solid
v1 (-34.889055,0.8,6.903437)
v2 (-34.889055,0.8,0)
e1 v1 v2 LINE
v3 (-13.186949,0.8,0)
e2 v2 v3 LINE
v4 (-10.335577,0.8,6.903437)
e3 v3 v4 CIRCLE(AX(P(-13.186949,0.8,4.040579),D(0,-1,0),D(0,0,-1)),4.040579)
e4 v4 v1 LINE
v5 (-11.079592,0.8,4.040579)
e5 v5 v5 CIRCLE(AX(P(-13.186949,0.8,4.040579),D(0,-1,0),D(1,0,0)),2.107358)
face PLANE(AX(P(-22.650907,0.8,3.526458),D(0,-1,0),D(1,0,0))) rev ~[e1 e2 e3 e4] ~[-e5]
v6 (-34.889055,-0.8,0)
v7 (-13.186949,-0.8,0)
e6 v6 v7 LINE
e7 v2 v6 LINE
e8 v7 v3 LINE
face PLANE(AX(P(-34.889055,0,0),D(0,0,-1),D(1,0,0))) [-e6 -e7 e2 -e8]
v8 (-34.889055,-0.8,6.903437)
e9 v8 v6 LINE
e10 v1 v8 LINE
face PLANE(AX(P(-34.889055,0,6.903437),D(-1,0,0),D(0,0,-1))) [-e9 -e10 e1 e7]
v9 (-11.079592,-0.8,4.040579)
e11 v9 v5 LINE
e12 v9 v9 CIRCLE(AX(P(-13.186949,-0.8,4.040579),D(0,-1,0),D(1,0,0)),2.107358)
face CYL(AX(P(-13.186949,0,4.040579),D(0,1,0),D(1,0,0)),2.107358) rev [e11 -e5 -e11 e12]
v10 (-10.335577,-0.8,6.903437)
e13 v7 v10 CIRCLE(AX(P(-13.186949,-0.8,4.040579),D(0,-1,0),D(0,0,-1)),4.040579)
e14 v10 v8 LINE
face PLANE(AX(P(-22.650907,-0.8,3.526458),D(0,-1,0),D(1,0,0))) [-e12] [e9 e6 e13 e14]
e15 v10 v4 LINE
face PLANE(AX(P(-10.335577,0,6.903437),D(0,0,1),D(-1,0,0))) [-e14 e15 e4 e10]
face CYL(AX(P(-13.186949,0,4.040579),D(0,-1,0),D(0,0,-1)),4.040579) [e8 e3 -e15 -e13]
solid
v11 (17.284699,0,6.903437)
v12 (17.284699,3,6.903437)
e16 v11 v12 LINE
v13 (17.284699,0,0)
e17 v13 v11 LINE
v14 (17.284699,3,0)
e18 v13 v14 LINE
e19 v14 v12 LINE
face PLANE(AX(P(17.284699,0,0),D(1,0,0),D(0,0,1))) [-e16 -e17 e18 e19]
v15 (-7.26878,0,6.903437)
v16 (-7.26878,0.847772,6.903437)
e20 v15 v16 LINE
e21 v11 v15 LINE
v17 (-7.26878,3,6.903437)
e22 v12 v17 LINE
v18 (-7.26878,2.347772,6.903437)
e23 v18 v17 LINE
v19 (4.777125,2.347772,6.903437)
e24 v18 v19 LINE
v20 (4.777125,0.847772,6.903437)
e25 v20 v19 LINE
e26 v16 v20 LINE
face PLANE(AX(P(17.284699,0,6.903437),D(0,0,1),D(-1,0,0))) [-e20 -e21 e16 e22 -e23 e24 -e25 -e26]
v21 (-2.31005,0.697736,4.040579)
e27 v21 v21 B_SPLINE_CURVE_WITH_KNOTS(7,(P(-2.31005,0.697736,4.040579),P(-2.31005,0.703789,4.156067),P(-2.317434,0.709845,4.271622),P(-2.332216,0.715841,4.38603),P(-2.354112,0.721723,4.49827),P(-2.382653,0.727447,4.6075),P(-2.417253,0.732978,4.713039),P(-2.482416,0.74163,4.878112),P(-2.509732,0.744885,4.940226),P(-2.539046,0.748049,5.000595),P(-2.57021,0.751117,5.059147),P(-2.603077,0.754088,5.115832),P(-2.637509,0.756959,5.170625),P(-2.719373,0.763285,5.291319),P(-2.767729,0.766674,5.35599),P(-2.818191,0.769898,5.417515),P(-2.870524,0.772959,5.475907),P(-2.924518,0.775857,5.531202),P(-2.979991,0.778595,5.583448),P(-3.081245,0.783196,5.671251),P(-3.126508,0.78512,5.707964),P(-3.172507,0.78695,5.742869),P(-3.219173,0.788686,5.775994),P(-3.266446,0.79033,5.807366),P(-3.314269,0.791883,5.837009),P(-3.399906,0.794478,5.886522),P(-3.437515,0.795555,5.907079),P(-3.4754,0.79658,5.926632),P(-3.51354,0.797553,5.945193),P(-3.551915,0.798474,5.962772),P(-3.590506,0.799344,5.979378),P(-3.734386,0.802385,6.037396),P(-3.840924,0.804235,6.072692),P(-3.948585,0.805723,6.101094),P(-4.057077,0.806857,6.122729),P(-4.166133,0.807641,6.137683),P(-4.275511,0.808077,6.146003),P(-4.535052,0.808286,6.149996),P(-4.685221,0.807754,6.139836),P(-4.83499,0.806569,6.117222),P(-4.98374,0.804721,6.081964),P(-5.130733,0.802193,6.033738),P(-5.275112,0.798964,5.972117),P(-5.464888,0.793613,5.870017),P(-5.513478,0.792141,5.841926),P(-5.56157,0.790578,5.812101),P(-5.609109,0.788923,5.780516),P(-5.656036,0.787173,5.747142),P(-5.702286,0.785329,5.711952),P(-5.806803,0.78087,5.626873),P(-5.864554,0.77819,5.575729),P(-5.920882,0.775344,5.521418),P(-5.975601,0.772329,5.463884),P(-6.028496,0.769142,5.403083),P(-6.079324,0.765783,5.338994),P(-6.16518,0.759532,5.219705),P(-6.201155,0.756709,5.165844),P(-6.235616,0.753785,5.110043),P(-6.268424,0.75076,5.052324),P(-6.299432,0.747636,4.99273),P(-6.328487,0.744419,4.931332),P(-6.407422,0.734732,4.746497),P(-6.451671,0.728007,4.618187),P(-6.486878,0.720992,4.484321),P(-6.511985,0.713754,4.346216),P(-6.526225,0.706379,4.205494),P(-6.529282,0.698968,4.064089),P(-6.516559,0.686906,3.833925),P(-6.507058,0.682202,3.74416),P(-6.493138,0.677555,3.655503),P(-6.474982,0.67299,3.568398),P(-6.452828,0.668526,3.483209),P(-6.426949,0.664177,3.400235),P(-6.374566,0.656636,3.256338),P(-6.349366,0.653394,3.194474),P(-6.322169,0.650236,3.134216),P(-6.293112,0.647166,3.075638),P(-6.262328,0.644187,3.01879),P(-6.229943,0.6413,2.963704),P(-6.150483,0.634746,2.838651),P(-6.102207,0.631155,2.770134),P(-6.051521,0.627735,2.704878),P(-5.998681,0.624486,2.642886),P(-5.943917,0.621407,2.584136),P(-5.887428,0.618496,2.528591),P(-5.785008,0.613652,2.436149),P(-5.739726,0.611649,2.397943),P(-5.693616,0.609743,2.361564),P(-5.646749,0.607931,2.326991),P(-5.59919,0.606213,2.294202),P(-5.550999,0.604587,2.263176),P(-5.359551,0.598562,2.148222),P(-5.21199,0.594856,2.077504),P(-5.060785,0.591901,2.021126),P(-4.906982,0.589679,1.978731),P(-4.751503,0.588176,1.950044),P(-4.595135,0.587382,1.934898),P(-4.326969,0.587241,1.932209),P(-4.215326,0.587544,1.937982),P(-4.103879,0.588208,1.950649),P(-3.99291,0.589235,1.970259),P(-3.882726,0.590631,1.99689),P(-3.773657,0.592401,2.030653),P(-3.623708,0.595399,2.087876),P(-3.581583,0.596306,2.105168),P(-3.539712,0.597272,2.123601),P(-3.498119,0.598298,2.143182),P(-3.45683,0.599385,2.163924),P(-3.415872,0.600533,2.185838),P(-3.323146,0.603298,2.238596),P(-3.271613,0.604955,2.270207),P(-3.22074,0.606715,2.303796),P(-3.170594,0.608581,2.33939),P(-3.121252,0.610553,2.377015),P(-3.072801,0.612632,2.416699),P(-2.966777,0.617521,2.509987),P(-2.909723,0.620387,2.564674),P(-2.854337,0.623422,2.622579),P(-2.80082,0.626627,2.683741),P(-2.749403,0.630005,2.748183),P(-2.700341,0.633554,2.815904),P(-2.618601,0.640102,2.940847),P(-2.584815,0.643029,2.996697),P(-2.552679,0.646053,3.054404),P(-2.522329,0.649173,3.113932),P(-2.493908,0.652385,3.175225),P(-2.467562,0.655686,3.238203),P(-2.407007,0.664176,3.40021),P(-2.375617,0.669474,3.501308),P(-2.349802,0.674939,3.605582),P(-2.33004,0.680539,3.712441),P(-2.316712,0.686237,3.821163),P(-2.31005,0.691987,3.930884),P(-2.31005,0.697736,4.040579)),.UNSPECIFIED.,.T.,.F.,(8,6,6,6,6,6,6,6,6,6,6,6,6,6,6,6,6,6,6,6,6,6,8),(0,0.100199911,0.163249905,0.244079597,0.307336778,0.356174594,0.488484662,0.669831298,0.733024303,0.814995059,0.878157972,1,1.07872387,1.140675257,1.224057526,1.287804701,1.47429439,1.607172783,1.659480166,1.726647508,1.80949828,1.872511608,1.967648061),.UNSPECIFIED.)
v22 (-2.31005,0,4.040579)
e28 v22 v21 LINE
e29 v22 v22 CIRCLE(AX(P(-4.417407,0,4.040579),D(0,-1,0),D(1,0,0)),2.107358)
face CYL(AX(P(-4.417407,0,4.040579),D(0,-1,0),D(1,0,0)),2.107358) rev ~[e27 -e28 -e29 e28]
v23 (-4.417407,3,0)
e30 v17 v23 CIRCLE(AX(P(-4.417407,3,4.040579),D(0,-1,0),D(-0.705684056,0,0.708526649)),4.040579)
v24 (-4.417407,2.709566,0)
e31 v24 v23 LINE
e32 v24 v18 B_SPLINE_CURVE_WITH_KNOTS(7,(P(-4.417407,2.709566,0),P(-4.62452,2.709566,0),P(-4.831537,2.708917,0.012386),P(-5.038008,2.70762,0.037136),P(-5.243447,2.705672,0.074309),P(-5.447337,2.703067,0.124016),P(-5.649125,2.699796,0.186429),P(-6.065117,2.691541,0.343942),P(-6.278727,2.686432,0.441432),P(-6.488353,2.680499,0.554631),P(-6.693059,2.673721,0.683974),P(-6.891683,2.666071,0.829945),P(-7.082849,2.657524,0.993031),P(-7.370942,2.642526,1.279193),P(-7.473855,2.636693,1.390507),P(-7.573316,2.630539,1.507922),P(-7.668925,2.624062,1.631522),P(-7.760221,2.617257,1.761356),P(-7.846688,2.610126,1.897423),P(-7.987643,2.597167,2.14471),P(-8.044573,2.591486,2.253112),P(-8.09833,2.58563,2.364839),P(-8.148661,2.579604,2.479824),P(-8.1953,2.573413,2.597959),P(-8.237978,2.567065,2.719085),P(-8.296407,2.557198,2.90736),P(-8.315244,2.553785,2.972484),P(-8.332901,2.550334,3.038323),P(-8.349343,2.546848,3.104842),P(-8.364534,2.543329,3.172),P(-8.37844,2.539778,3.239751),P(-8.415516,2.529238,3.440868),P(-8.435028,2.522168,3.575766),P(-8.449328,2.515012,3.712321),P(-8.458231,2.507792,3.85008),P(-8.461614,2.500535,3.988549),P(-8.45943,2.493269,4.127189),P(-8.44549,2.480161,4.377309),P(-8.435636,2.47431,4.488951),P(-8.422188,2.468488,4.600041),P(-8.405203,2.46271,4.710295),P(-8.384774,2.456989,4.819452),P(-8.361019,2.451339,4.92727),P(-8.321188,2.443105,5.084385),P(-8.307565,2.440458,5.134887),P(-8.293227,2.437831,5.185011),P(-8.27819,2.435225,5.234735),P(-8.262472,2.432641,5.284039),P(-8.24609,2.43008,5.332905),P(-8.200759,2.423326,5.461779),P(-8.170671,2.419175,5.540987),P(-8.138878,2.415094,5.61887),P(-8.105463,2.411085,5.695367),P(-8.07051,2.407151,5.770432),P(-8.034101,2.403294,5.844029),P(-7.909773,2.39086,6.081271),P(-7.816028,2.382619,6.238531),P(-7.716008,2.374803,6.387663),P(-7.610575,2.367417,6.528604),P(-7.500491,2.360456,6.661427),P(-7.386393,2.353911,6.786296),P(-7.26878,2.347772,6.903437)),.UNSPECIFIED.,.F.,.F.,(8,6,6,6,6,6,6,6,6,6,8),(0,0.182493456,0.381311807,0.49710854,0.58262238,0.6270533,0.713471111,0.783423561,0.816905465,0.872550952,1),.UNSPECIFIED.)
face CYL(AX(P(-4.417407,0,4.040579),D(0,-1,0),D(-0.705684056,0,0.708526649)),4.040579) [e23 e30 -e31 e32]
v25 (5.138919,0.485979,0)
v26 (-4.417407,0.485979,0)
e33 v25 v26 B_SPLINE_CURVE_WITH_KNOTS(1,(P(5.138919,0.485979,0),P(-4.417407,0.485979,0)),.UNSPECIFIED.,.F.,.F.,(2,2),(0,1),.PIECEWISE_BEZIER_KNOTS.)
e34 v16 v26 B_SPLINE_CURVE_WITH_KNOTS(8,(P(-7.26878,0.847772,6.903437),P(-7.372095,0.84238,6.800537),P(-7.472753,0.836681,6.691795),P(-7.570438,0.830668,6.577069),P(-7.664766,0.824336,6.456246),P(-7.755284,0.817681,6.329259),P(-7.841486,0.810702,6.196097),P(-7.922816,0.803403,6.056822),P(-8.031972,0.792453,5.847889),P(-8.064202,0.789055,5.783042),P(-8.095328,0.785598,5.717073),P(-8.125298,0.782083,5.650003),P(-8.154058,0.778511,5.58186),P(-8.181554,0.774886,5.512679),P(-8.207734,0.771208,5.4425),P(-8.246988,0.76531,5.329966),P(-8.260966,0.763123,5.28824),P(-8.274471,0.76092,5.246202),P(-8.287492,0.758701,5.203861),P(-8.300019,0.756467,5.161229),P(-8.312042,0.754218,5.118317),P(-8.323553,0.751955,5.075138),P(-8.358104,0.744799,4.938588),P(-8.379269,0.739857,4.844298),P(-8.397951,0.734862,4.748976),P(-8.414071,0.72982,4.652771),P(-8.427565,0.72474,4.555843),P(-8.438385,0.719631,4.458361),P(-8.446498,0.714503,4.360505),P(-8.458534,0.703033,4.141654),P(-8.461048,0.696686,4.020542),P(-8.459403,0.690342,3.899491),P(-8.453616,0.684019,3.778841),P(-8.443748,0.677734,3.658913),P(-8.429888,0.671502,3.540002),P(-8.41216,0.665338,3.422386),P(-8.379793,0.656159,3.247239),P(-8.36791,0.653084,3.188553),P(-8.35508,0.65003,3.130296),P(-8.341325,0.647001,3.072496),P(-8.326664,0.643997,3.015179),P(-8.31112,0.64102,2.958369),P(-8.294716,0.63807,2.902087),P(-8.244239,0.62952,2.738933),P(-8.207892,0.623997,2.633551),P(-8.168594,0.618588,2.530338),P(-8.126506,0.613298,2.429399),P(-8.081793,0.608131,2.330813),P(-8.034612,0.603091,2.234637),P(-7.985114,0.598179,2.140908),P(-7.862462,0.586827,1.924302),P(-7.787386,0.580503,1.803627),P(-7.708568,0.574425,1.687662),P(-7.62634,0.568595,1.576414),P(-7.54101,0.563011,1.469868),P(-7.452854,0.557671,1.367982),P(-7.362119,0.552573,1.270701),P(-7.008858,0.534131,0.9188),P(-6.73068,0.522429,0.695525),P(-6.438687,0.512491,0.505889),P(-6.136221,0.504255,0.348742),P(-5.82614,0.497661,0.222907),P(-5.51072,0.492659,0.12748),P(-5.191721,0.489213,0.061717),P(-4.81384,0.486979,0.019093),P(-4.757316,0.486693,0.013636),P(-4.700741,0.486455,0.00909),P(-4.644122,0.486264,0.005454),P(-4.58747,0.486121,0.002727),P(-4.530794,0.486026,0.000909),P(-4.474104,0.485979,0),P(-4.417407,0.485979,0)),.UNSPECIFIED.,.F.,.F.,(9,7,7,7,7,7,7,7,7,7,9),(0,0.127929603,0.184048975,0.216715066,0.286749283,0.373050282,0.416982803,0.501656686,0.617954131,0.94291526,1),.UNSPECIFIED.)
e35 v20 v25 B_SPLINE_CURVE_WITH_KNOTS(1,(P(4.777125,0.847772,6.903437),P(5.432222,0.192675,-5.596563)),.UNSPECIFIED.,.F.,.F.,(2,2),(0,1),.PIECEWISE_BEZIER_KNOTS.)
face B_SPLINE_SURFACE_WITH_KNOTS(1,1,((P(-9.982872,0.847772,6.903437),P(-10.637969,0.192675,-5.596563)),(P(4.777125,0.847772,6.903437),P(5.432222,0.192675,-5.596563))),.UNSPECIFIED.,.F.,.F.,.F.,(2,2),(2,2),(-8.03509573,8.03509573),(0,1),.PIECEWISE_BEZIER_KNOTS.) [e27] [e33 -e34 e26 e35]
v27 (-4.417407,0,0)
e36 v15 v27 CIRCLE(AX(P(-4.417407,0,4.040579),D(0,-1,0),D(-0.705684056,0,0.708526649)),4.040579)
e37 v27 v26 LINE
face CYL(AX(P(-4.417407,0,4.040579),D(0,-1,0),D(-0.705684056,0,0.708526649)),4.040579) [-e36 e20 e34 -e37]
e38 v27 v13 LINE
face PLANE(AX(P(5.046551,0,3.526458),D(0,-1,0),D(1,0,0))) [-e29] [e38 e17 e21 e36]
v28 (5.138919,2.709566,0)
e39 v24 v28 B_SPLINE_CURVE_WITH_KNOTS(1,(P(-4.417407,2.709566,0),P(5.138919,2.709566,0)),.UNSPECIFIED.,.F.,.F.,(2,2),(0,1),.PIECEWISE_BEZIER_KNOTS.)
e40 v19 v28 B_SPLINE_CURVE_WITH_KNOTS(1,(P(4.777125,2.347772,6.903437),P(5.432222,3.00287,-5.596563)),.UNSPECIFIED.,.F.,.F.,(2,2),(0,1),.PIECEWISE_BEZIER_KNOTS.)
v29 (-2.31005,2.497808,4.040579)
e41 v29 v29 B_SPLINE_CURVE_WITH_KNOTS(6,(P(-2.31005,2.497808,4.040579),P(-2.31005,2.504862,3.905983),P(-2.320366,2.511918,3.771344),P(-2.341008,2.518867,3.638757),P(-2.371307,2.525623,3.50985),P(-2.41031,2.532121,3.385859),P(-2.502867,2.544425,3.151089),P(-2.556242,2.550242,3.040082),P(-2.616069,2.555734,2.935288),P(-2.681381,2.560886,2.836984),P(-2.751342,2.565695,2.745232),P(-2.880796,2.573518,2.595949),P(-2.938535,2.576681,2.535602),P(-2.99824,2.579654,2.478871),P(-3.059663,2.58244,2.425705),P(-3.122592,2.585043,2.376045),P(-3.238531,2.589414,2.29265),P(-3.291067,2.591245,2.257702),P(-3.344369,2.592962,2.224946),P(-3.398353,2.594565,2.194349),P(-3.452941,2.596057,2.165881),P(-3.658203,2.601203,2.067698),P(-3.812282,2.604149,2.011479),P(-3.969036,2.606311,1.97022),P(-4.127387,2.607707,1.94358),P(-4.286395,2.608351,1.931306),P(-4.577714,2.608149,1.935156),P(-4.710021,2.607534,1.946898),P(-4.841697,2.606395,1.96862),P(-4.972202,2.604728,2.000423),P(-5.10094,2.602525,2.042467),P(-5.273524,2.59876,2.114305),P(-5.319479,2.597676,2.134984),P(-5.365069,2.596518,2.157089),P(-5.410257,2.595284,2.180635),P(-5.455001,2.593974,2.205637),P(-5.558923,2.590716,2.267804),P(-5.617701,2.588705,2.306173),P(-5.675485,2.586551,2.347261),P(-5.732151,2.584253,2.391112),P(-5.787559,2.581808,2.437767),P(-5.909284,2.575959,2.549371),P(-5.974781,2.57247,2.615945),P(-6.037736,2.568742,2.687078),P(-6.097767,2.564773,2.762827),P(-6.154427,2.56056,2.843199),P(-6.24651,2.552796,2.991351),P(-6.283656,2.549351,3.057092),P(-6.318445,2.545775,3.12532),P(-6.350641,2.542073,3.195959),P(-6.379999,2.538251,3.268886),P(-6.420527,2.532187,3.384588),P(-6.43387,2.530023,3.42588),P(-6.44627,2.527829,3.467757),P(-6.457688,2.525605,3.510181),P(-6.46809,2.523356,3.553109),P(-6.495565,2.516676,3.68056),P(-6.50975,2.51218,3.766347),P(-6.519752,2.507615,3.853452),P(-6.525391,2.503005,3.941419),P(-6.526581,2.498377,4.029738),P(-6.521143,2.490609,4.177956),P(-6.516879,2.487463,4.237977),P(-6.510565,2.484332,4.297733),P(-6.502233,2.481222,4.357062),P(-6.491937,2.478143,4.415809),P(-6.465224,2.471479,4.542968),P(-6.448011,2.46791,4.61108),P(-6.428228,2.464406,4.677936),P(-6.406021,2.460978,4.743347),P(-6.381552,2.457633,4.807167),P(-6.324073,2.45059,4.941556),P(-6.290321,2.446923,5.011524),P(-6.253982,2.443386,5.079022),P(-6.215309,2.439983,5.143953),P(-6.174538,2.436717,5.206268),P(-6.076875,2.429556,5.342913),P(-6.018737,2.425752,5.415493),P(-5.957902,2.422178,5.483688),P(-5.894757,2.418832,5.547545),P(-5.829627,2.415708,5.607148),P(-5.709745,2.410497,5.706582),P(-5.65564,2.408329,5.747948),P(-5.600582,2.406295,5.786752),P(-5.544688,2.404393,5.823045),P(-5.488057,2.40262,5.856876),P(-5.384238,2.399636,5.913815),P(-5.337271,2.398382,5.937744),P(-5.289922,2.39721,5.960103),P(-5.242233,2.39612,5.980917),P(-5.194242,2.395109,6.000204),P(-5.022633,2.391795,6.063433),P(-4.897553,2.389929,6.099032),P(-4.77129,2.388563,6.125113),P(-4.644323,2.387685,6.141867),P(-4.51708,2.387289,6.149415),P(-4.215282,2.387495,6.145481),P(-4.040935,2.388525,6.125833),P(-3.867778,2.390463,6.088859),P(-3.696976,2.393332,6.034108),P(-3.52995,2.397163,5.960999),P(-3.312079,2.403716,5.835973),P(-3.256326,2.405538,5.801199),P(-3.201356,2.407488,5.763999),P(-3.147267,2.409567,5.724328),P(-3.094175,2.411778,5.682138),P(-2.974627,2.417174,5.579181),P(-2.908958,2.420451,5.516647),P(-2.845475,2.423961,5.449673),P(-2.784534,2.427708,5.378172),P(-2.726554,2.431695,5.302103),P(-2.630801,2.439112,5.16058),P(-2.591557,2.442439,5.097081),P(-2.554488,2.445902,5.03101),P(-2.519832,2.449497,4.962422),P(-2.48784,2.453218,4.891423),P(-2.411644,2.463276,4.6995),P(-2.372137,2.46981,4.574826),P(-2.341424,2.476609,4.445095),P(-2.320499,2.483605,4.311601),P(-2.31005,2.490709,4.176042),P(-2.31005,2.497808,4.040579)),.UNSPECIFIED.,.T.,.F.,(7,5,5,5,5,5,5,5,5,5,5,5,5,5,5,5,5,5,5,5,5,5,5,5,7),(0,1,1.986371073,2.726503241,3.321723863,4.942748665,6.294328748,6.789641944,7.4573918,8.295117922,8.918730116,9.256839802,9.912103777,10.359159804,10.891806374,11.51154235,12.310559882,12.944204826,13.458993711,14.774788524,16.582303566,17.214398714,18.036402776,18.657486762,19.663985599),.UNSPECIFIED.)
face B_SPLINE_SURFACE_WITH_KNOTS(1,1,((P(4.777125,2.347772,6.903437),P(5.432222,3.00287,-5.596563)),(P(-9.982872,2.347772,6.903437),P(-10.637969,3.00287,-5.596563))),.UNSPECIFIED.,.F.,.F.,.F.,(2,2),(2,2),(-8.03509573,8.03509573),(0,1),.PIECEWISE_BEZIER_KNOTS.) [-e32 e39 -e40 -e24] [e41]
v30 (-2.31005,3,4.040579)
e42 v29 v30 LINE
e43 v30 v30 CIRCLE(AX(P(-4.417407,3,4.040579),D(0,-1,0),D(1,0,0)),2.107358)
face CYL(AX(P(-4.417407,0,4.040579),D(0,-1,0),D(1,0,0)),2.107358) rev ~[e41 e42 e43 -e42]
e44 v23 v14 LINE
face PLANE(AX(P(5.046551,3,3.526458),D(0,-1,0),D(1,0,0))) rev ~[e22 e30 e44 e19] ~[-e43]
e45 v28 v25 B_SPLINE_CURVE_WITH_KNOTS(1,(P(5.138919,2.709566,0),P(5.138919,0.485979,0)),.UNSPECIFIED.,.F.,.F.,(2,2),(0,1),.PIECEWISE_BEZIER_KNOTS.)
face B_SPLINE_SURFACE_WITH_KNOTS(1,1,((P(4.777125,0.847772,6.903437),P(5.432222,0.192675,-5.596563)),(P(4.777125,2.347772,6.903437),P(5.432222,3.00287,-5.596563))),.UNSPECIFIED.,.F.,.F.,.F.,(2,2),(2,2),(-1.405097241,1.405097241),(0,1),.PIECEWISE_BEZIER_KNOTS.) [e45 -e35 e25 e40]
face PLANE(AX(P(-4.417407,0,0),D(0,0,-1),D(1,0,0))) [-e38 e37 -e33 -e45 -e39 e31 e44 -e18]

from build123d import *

# Parameters (mm, degrees)
F0_R     = 2.107357614
F1_DEPTH = 3
F2_W     = 14.7599969779
F2_H     = 1.5
F3_DEPTH = 12.5
F3_TAPER = -3
F4_DEPTH = 0.8


with BuildPart() as f1:
    # F0 (on Front) → F1 (new body)
    with BuildSketch(Plane.XZ):
        with BuildLine():
            ThreePointArc((-7.268779725, 6.9034374319), (-8.1519679743, 2.4980690393), (-4.4174073264, 0))
            Line((-4.4174073264, 0), (17.2846987844, 0))
            Line((17.2846987844, 0), (17.2846987844, 6.9034374319))
            Line((17.2846987844, 6.9034374319), (-1.1204044567, 6.9034374319))
            Line((-1.1204044567, 6.9034374319), (-7.268779725, 6.9034374319))
        make_face()
        with Locations((-4.4174073264, 4.0405793115)):
            Circle(F0_R, mode=Mode.SUBTRACT)
    extrude(amount=-F1_DEPTH)

    # F2 (on face) → F3 (cut, symmetric)
    with BuildSketch(Plane.XY.offset(6.9034374319)):
        with Locations((-2.6028734865, 1.5977723524)):
            Rectangle(F2_W, F2_H)
    extrude(amount=F3_DEPTH, both=True, taper=F3_TAPER, mode=Mode.SUBTRACT)


with BuildPart() as f4:
    # F0 (on Front) → F4 (new body, symmetric)
    with BuildSketch(Plane.XZ):
        with BuildLine():
            Line((-10.3355769066, 6.9034374319), (-16.4839521749, 6.9034374319))
            Line((-16.4839521749, 6.9034374319), (-34.889055416, 6.9034374319))
            Line((-34.889055416, 6.9034374319), (-34.889055416, 0))
            Line((-34.889055416, 0), (-13.1869493052, 0))
            ThreePointArc((-13.1869493052, 0), (-9.4523886573, 2.4980690393), (-10.3355769066, 6.9034374319))
        make_face()
        with Locations((-13.1869493052, 4.0405793115)):
            Circle(F0_R, mode=Mode.SUBTRACT)
    extrude(amount=F4_DEPTH, both=True)


solid = Compound([f1.part, f4.part])
